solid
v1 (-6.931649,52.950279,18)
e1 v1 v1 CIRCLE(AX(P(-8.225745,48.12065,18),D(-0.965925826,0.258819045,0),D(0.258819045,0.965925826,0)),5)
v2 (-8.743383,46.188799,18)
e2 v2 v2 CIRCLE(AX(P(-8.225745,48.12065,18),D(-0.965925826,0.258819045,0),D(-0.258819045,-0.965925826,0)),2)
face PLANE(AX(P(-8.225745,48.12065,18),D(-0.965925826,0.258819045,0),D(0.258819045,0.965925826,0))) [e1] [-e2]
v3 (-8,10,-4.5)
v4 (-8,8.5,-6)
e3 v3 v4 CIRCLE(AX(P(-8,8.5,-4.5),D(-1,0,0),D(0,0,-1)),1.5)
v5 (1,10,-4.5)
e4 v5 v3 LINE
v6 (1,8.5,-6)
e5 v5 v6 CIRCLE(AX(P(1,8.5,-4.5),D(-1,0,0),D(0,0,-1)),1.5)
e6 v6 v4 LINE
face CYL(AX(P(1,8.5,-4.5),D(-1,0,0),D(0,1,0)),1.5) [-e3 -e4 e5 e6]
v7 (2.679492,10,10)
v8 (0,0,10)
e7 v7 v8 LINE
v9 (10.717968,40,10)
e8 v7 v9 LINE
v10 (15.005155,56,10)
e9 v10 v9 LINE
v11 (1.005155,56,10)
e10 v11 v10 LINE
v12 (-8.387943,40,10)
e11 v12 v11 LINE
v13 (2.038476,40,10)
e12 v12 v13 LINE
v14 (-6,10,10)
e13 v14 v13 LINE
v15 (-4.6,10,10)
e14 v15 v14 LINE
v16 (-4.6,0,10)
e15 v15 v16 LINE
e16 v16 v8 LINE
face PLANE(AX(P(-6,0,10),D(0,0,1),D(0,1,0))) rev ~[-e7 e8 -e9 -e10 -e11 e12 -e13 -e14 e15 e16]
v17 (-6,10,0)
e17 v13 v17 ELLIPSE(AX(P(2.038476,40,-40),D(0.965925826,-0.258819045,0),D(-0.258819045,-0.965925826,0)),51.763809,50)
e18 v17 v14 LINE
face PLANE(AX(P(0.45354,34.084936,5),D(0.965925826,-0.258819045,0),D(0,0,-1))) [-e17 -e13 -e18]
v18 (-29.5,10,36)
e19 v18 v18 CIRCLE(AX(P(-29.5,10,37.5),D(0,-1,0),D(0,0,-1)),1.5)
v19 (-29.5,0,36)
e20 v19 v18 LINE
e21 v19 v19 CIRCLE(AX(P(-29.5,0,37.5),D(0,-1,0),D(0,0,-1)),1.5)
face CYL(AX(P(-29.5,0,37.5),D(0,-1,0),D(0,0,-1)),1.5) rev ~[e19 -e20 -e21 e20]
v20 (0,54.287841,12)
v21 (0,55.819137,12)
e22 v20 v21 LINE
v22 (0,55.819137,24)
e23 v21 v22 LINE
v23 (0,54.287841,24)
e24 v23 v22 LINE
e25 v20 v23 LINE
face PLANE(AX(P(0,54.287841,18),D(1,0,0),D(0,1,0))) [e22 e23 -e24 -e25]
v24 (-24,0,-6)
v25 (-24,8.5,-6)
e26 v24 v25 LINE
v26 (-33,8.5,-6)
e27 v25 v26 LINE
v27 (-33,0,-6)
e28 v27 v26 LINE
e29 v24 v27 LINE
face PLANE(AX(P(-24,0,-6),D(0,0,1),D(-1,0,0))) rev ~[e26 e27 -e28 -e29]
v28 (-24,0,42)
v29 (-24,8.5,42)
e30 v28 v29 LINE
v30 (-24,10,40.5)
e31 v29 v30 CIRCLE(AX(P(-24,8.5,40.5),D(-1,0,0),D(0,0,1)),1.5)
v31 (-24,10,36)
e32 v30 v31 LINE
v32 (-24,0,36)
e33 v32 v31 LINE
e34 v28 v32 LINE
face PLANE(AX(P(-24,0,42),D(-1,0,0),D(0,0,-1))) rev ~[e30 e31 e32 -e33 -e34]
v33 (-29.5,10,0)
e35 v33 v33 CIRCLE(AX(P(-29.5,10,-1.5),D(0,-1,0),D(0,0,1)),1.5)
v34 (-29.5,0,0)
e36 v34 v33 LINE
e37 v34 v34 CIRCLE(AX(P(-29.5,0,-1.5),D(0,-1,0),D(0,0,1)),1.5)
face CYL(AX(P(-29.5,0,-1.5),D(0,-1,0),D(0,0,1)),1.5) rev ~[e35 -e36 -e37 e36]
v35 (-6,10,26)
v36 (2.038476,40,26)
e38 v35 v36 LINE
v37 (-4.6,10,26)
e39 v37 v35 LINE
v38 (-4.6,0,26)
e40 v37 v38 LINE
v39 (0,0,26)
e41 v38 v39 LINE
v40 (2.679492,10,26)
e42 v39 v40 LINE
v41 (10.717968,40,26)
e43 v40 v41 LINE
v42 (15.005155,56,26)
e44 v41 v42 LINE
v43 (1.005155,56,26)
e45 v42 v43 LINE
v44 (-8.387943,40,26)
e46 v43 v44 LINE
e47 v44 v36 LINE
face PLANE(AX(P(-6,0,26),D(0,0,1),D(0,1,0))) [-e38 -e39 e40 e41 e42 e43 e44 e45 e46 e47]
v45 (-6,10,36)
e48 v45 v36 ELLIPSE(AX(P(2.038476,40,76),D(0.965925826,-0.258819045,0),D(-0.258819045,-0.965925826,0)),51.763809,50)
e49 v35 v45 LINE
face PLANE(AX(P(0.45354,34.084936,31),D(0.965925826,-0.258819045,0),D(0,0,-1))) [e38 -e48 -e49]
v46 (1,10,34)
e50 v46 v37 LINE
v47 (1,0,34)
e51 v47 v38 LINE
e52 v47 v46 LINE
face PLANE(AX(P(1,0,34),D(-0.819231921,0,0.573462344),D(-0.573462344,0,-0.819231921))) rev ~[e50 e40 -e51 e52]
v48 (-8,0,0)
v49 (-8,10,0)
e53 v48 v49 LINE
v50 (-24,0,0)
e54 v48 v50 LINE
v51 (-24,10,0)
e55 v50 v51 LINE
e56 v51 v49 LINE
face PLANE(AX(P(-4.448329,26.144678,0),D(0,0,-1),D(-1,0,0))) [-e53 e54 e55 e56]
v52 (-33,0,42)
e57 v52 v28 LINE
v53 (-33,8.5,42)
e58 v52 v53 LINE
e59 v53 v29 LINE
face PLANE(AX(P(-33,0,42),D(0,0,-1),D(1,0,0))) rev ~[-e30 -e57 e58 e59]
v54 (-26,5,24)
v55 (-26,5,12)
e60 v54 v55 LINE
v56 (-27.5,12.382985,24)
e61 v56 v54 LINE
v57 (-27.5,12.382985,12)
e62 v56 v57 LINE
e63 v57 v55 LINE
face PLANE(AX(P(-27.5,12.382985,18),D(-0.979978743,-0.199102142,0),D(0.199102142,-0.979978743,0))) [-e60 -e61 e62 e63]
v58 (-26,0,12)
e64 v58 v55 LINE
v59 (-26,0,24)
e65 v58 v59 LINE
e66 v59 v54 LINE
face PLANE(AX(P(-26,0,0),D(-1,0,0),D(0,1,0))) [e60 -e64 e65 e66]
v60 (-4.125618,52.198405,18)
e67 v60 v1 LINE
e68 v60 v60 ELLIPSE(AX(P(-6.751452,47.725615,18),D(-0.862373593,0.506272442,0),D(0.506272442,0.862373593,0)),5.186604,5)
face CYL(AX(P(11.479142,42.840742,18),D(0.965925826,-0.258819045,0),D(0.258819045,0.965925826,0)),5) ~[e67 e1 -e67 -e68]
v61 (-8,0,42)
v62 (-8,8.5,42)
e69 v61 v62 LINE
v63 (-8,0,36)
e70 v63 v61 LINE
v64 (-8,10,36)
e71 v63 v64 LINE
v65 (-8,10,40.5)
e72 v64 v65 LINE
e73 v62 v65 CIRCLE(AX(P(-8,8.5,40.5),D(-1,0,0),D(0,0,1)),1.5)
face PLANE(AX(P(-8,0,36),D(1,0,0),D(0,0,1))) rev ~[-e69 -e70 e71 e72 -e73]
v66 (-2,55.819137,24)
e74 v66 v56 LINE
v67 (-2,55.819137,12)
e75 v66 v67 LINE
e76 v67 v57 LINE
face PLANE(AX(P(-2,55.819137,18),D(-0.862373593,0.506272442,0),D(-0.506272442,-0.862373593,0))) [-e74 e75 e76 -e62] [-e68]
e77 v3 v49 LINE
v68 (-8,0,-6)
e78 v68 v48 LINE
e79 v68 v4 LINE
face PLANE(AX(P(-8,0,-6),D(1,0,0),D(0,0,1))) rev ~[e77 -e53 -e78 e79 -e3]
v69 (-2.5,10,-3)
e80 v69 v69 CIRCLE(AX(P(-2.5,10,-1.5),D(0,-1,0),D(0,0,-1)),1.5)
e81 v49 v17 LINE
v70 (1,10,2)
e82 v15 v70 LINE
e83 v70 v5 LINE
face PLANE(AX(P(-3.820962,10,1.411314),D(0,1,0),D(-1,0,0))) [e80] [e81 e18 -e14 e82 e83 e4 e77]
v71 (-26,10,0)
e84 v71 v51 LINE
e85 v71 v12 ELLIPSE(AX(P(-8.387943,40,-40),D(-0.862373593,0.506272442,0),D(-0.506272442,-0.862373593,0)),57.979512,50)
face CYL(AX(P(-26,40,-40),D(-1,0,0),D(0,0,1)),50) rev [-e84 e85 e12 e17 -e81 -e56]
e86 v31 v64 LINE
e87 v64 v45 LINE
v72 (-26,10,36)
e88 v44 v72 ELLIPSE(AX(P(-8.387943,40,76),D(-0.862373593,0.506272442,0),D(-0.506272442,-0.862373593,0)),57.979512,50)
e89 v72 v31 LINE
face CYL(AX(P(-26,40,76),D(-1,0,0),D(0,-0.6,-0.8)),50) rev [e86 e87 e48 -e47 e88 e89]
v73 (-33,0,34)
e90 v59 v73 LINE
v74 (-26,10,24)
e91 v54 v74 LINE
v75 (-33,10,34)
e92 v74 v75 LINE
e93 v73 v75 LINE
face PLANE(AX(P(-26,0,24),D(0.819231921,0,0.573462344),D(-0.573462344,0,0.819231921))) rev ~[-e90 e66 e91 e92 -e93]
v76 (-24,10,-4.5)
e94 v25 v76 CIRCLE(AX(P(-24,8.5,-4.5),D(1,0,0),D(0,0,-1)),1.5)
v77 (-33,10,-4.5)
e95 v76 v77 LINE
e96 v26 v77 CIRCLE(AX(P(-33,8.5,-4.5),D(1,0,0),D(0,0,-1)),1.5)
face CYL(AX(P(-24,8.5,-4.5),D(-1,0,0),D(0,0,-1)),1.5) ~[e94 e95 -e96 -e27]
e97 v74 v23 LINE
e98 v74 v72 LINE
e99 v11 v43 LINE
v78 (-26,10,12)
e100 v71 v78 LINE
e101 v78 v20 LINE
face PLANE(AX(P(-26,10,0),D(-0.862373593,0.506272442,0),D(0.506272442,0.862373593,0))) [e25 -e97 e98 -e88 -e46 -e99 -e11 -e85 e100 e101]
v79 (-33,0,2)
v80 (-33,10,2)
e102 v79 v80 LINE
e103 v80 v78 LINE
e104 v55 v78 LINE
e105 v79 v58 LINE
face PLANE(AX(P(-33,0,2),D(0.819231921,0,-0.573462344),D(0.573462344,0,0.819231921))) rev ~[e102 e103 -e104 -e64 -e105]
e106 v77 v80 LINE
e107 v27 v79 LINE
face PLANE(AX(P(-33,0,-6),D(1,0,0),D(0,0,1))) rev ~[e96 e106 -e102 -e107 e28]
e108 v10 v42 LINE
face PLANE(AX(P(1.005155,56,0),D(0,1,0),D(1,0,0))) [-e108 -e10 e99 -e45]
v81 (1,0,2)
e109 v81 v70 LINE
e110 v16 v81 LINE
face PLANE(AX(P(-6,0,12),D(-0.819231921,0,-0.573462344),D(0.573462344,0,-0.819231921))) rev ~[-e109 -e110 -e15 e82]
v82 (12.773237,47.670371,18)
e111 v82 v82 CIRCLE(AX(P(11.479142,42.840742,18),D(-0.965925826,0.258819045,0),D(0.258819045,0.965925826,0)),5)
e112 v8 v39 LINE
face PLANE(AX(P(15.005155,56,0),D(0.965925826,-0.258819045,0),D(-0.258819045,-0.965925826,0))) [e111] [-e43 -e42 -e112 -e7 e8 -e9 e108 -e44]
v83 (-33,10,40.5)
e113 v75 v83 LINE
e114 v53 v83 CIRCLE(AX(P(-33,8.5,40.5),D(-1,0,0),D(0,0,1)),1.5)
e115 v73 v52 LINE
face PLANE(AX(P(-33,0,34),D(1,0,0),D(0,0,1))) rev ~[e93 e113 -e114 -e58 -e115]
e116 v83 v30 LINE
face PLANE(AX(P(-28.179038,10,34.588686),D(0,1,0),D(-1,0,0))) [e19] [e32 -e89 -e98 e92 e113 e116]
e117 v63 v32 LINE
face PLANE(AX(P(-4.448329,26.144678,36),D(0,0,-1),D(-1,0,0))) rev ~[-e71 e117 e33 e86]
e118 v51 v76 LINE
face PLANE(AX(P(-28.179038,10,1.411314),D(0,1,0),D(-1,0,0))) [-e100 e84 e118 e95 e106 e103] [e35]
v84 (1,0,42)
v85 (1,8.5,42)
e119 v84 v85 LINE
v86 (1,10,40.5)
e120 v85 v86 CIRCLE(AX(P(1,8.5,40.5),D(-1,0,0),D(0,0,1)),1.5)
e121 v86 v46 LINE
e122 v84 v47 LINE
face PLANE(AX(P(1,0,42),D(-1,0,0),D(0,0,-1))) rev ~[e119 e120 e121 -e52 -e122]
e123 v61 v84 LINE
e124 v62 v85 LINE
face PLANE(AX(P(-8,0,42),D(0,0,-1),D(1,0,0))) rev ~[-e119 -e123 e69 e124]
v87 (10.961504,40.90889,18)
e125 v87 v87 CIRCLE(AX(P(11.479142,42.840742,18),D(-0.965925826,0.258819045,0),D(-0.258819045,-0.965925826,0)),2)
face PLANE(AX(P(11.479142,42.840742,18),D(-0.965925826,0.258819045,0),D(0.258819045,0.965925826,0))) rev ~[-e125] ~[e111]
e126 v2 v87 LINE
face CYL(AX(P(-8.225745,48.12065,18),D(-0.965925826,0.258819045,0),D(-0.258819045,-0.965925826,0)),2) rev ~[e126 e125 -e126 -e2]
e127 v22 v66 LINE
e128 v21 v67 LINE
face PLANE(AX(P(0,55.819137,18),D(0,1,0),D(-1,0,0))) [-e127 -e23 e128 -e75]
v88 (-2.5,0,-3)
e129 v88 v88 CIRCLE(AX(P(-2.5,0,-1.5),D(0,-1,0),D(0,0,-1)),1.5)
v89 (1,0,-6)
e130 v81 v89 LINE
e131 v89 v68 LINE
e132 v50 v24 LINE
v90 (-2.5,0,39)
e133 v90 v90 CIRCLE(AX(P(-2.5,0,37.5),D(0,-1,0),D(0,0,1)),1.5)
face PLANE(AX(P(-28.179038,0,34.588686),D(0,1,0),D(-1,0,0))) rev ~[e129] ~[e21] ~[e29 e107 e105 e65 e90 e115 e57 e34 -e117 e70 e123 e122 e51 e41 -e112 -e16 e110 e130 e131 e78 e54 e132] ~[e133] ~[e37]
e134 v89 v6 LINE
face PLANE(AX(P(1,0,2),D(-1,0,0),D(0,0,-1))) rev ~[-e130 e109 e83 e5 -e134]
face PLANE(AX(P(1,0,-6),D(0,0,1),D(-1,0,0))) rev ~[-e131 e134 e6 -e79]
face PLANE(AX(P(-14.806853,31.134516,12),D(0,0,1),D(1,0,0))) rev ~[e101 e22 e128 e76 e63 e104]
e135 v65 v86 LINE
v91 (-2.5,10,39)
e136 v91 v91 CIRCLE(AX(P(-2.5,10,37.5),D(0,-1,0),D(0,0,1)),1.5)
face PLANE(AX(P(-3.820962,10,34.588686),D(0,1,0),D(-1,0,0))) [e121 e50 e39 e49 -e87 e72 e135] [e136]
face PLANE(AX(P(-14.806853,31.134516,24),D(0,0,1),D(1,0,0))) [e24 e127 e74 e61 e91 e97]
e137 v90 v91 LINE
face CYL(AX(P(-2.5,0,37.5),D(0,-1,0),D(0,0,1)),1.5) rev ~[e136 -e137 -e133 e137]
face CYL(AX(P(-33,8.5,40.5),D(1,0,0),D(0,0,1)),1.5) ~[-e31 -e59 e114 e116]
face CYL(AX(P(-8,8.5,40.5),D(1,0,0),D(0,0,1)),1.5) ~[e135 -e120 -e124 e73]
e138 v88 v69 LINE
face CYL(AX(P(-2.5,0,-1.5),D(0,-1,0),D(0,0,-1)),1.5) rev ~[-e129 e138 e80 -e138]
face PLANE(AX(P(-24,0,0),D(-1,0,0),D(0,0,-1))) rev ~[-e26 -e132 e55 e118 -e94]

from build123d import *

# Parameters (mm, degrees)
BOSS_EXTRUDE1_DEPTH = 36
CUT_EXTRUDE1_REACH  = 77.774
SKETCH5_W           = 10
SKETCH5_H           = 10
CUT_EXTRUDE4_DEPTH  = 70.808427336
SKETCH6_W           = 10
SKETCH6_H           = 49.869122111
CUT_EXTRUDE5_DEPTH  = 8.383745
SKETCH7_R           = 1.5
BOSS_EXTRUDE2_DEPTH = 10
BOSS_EXTRUDE3_DEPTH = 6
SKETCH9_R           = 5
BOSS_EXTRUDE4_DEPTH = 20.4
CUT_EXTRUDE7_REACH  = 76.44
SKETCH12_R          = 2
FILLET1_R           = 1.5


with BuildPart() as part:
    # Sketch1 → Boss-Extrude1 (new body)
    with BuildSketch(Plane.XY):
        Polygon((0, 0), (-26, 0), (-26, 10), (1.005154776, 56), (15.005154776, 56), align=None)
    extrude(amount=BOSS_EXTRUDE1_DEPTH)

    # Sketch2 → Cut-Extrude1 (cut, up to next)
    with BuildSketch(Plane(origin=(-26, 3.422964937, 0), x_dir=(0, 0, -1), z_dir=(1, 0, 0)), mode=Mode.PRIVATE) as cut_extrude1_sk1:
        with BuildLine():
            Line((-26, 36.577035063), (-26, 52.577035063))
            Line((-26, 52.577035063), (-36, 52.577035063))
            Line((-36, 52.577035063), (-36, 6.577035063))
            ThreePointArc((-36, 6.577035063), (-28.565835097, 20.765646762), (-26, 36.577035063))
        make_face()
    cut_extrude1_tool1 = extrude(cut_extrude1_sk1.sketch, amount=CUT_EXTRUDE1_REACH, mode=Mode.PRIVATE) & part.part
    # Sketch2 → Cut-Extrude1 (cut, up to next)
    with BuildSketch(Plane(origin=(-26, 3.422964937, 0), x_dir=(0, 0, -1), z_dir=(1, 0, 0)), mode=Mode.PRIVATE) as cut_extrude1_sk2:
        with BuildLine():
            ThreePointArc((-10, 36.577035063), (-7.434164903, 20.765646762), (0, 6.577035063))
            Line((0, 6.577035063), (0, 52.577035063))
            Line((0, 52.577035063), (-10, 52.577035063))
            Line((-10, 52.577035063), (-10, 36.577035063))
        make_face()
    cut_extrude1_tool2 = extrude(cut_extrude1_sk2.sketch, amount=CUT_EXTRUDE1_REACH, mode=Mode.PRIVATE) & part.part
    # Sketch2 → Cut-Extrude1 (cut, up to next)
    with BuildSketch(Plane(origin=(-26, 3.422964937, 0), x_dir=(0, 0, -1), z_dir=(1, 0, 0)), mode=Mode.PRIVATE) as cut_extrude1_sk3:
        with BuildLine():
            ThreePointArc((-36, 6.577035063), (-28.565835097, 20.765646762), (-26, 36.577035063))
            Line((-26, 36.577035063), (-26, 52.577035063))
            Line((-26, 52.577035063), (-36, 52.577035063))
            Line((-36, 52.577035063), (-36, 6.577035063))
        make_face()
    cut_extrude1_tool3 = extrude(cut_extrude1_sk3.sketch, amount=CUT_EXTRUDE1_REACH, mode=Mode.PRIVATE) & part.part
    # Sketch2 → Cut-Extrude1 (cut, up to next)
    with BuildSketch(Plane(origin=(-26, 3.422964937, 0), x_dir=(0, 0, -1), z_dir=(1, 0, 0)), mode=Mode.PRIVATE) as cut_extrude1_sk4:
        with BuildLine():
            Line((0, 6.577035063), (0, 52.577035063))
            Line((0, 52.577035063), (-10, 52.577035063))
            Line((-10, 52.577035063), (-10, 36.577035063))
            ThreePointArc((-10, 36.577035063), (-7.434164903, 20.765646762), (0, 6.577035063))
        make_face()
    cut_extrude1_tool4 = extrude(cut_extrude1_sk4.sketch, amount=CUT_EXTRUDE1_REACH, mode=Mode.PRIVATE) & part.part
    add(cut_extrude1_tool1.solids().sort_by_distance((-26, 37.109216, 31.540478))[0], mode=Mode.SUBTRACT)
    add(cut_extrude1_tool2.solids().sort_by_distance((-26, 37.109216, 4.459522))[0], mode=Mode.SUBTRACT)
    add(cut_extrude1_tool3.solids().sort_by_distance((-26, 37.109216, 31.540478))[0], mode=Mode.SUBTRACT)
    add(cut_extrude1_tool4.solids().sort_by_distance((-26, 37.109216, 4.459522))[0], mode=Mode.SUBTRACT)

    # Sketch5 → Cut-Extrude4 (cut, through all)
    with BuildSketch(Plane.ZY.offset(6)):
        with Locations((31, 5)):
            Rectangle(SKETCH5_W, SKETCH5_H)
        with Locations((5, 5)):
            Rectangle(SKETCH5_W, SKETCH5_H)
    extrude(amount=-CUT_EXTRUDE4_DEPTH, mode=Mode.SUBTRACT)

    # Sketch6 → Cut-Extrude5 (cut)
    with BuildSketch(Plane(origin=(0, 0, 0), x_dir=(0, 0, -1), z_dir=(0.9659258262890674, -0.2588190451025246, 0))):
        with Locations((-31, 33.040905048)):
            Rectangle(SKETCH6_W, SKETCH6_H)
        with Locations((-5, 33.040905048)):
            Rectangle(SKETCH6_W, SKETCH6_H)
    extrude(amount=-CUT_EXTRUDE5_DEPTH, mode=Mode.SUBTRACT)

    # Sketch7 → Boss-Extrude2 (add)
    with BuildSketch(Plane.XZ):
        Polygon((-26, 24), (-33, 34), (-33, 42), (-24, 42), (-24, 36), (-26, 36), align=None)
        with Locations(Location((-29.5, 37.5, 0), (0, 0, 270))):
            Circle(SKETCH7_R, mode=Mode.SUBTRACT)
        Polygon((-26, 0), (-24, 0), (-24, -6), (-33, -6), (-33, 2), (-26, 12), align=None)
        with Locations(Location((-29.5, -1.5, 0), (0, 0, 90))):
            Circle(SKETCH7_R, mode=Mode.SUBTRACT)
        Polygon((-6, 12), (1, 2), (1, -6), (-8, -6), (-8, 0), (-6, 0), align=None)
        with Locations(Location((-2.5, -1.5, 0), (0, 0, 270))):
            Circle(SKETCH7_R, mode=Mode.SUBTRACT)
        Polygon((-6, 36), (-8, 36), (-8, 42), (1, 42), (1, 34), (-6, 24), align=None)
        with Locations(Location((-2.5, 37.5, 0), (0, 0, 90))):
            Circle(SKETCH7_R, mode=Mode.SUBTRACT)
    extrude(amount=-BOSS_EXTRUDE2_DEPTH)

    # Sketch8 → Boss-Extrude3 (add, symmetric)
    with BuildSketch(Plane.XY.offset(18)):
        Polygon((-26, 5), (-26, 10), (0, 54.287840966), (0, 55.819136666), (-2, 55.819136666), (-27.5, 12.382984949), align=None)
    extrude(amount=BOSS_EXTRUDE3_DEPTH, both=True)

    # Sketch9 → Boss-Extrude4 (add)
    with BuildSketch(Plane(origin=(0, 0, 0), x_dir=(0, 0, -1), z_dir=(-0.9659258262890674, 0.2588190451025246, 0))):
        with Locations(Location((-18, -44.351999472, 0), (0, 0, 270))):
            Circle(SKETCH9_R)
    extrude(amount=BOSS_EXTRUDE4_DEPTH)

    # Sketch12 → Cut-Extrude7 (cut, up to next)
    with BuildSketch(Plane(origin=(-19.704886856, 5.27990852, 0), x_dir=(0, 0, 1), z_dir=(-0.9659258262890673, 0.2588190451025247, 0)), mode=Mode.PRIVATE) as cut_extrude7_sk1:
        with Locations(Location((18, 44.351999472, 0), (0, 0, 270))):
            Circle(SKETCH12_R)
    cut_extrude7_tool1 = extrude(cut_extrude7_sk1.sketch, amount=-CUT_EXTRUDE7_REACH, mode=Mode.PRIVATE) & part.part
    add(cut_extrude7_tool1.solids().sort_by_distance((-8.225745, 48.12065, 18))[0], mode=Mode.SUBTRACT)

    # Fillet1
    fillet1_edges = [part.edges().sort_by_distance(p)[0] for p in [
        (-28.5, 10, 42),
        (-28.5, 10, -6),
        (-3.5, 10, -6),
        (-3.5, 10, 42),
    ]]
    fillet(fillet1_edges, radius=FILLET1_R)


solid = part.part
